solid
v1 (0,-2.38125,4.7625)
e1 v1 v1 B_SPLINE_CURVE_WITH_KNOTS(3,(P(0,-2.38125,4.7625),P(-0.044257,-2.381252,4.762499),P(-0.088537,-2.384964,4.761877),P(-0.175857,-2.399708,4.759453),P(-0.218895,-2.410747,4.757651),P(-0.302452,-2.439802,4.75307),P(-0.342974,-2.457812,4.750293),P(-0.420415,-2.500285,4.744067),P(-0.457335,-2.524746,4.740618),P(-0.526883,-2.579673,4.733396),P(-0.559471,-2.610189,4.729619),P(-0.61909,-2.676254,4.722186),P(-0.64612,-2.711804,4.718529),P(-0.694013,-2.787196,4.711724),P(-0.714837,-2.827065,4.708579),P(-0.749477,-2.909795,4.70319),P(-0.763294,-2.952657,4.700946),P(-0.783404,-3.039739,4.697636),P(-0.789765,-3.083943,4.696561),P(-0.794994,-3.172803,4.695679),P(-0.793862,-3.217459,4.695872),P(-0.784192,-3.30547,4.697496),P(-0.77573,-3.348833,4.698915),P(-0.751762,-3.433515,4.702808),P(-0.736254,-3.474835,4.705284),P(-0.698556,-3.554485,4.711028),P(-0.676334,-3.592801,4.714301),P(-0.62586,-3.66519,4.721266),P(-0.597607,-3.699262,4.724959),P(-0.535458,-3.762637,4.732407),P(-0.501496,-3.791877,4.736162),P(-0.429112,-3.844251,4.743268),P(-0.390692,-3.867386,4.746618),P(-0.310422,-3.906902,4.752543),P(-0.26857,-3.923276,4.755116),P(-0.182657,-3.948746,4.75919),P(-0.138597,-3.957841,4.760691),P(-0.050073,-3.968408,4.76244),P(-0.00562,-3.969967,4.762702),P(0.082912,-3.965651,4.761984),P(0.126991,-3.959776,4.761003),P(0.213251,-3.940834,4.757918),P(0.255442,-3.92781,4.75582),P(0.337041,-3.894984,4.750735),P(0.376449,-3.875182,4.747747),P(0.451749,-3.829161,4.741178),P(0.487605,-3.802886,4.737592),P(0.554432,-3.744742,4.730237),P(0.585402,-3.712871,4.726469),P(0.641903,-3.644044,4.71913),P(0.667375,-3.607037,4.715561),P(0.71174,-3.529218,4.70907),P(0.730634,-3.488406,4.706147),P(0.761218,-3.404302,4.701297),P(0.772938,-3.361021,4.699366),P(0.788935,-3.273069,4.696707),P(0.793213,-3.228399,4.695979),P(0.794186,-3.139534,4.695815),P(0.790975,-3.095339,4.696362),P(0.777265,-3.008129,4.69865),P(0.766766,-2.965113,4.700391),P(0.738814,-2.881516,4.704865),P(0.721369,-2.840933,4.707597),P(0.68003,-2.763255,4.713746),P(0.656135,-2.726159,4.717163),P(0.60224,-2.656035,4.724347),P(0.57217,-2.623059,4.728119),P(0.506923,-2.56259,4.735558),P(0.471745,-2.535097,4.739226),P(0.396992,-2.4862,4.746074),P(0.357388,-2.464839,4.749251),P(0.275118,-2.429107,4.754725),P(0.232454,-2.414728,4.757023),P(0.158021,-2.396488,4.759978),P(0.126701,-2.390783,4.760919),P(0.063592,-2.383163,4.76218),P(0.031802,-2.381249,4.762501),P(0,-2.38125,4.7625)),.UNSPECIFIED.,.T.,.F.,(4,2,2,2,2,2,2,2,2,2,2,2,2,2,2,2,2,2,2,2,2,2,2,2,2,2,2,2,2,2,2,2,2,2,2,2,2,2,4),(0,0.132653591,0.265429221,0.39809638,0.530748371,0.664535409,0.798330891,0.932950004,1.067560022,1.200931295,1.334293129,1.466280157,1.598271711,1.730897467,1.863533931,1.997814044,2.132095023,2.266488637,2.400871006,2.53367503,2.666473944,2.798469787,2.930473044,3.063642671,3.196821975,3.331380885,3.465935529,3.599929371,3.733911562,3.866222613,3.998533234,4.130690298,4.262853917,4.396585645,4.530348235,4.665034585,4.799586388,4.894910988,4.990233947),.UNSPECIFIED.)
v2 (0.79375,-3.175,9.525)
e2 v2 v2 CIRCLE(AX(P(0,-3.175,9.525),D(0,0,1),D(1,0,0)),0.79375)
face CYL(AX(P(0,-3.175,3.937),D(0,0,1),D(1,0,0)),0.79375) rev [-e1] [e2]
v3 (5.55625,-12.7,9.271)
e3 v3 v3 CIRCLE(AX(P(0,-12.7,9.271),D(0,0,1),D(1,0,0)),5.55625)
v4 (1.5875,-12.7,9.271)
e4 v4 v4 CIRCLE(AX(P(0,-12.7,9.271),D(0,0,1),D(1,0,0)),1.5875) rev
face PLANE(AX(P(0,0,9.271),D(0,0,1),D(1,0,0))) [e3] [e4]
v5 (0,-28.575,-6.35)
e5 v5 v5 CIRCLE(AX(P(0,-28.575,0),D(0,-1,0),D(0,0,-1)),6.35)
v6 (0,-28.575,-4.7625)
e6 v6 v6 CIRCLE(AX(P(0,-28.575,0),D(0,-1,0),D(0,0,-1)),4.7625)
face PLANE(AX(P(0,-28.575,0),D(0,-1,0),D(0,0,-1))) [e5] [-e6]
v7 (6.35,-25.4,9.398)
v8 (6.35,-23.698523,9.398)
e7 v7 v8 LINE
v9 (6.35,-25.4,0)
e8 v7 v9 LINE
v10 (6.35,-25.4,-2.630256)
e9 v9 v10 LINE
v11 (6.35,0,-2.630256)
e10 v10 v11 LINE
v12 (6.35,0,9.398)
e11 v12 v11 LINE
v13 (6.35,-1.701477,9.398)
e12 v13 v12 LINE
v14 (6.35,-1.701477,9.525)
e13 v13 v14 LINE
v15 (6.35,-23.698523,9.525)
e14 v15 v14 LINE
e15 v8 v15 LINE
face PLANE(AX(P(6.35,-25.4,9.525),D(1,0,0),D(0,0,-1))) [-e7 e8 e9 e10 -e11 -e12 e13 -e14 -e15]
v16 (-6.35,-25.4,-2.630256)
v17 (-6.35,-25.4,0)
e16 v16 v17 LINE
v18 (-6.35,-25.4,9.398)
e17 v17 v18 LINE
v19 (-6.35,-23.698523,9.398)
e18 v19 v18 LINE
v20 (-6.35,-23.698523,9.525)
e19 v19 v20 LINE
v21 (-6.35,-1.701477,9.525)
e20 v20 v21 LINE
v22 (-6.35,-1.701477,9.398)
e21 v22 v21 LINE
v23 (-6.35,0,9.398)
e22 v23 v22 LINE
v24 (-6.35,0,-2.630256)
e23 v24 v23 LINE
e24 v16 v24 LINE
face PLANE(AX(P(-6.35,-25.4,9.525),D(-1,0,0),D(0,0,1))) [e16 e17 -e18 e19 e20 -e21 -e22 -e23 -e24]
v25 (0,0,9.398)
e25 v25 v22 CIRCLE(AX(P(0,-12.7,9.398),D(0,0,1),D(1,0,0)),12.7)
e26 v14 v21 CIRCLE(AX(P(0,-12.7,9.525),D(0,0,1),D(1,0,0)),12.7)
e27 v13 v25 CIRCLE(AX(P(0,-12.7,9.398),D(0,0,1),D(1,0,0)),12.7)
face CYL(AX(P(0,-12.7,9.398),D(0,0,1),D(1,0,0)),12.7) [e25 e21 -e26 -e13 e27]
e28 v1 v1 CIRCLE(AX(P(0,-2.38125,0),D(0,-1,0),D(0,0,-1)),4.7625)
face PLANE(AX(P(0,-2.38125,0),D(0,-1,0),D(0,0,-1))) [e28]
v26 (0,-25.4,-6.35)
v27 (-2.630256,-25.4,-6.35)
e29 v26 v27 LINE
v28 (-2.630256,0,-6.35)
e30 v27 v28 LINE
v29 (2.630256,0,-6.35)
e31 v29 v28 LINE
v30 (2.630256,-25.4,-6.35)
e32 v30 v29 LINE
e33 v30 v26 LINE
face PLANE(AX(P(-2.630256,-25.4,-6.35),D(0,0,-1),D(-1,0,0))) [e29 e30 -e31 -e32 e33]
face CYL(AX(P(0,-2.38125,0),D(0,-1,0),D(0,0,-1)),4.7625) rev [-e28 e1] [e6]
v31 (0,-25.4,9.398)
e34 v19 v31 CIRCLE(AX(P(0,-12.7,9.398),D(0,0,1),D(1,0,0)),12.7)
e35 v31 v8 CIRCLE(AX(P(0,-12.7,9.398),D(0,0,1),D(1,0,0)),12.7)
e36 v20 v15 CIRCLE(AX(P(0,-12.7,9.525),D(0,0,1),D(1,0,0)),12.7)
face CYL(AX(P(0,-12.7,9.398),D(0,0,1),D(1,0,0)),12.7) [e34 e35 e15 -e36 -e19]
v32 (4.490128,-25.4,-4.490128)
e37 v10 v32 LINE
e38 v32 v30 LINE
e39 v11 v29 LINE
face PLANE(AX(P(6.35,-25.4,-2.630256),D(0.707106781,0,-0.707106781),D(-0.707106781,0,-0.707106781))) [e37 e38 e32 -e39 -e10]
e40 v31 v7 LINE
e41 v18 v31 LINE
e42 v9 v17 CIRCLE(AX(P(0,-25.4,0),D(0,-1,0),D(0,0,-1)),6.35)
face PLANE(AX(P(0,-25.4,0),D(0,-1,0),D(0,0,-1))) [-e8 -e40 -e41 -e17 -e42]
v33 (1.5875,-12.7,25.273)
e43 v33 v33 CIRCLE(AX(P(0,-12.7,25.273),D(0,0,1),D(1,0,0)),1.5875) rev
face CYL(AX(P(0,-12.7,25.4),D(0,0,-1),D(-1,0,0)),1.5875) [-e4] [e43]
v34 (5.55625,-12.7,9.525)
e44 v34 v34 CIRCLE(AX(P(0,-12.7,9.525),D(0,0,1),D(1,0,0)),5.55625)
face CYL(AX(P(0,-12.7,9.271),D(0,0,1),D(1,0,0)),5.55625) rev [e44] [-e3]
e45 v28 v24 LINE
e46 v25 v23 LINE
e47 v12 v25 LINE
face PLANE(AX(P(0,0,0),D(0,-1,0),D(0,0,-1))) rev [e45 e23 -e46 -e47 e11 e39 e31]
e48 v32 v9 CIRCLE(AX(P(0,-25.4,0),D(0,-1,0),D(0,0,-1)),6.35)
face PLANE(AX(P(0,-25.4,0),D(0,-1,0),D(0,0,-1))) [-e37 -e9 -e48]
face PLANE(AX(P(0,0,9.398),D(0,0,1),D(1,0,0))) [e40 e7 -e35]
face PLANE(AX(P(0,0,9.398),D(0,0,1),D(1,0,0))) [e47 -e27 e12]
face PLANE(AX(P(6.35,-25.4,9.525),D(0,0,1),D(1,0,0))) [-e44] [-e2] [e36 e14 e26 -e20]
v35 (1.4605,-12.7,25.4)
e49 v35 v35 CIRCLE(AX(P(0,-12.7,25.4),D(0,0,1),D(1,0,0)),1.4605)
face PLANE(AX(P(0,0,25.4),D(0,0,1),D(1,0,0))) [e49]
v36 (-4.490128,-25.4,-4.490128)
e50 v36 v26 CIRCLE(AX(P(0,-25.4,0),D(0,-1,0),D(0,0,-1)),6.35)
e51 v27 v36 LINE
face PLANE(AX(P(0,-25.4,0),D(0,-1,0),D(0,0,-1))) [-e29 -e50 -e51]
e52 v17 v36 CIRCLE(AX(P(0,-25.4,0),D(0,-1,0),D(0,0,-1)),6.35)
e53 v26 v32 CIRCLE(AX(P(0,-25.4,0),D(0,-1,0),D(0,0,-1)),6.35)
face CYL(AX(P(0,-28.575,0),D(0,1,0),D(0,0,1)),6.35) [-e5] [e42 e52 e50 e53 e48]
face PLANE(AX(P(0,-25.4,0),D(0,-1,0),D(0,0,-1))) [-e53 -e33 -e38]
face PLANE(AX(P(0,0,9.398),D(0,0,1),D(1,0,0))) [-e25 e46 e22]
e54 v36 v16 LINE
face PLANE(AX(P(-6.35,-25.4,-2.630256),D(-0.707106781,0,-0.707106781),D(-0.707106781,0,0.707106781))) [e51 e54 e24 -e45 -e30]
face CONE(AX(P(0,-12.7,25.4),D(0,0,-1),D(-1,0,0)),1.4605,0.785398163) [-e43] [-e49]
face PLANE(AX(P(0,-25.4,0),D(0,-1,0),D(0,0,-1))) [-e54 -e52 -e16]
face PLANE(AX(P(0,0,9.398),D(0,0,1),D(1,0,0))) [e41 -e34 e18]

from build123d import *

# Parameters (mm, degrees)
BOSS_EXTRUDE2_DEPTH = 25.4
SKETCH2_R           = 6.35
BOSS_EXTRUDE3_DEPTH = 3.175
SKETCH3_R           = 4.7625
CUT_EXTRUDE1_DEPTH  = 26.19375
SKETCH4_R           = 1.5875
BOSS_EXTRUDE4_DEPTH = 15.875
CUT_EXTRUDE2_START  = -0.254
SKETCH5_R           = 5.55625
SKETCH5_R_2         = 1.5875
CUT_EXTRUDE2_DEPTH  = 0.254
CUT_EXTRUDE4_DEPTH  = 0.127
SKETCH4_4_R         = 0.79375
CUT_EXTRUDE6_DEPTH  = 5.588
CHAMFER1_SIZE       = 0.127


with BuildPart() as part:
    # Sketch1 → Boss-Extrude2 (new body)
    with BuildSketch(Plane(origin=(0, 0, 0), x_dir=(1, 0, 0), z_dir=(0, 1, 0))):
        Polygon((6.35, -9.525), (-6.35, -9.525), (-6.35, 2.630256121), (-2.630256121, 6.35), (2.630256121, 6.35), (6.35, 2.630256121), align=None)
    extrude(amount=-BOSS_EXTRUDE2_DEPTH)

    # Sketch2 → Boss-Extrude3 (add)
    with BuildSketch(Plane.XZ.offset(25.4)):
        with Locations(Location((0, 0, 0), (0, 0, 270))):
            Circle(SKETCH2_R)
    extrude(amount=BOSS_EXTRUDE3_DEPTH)

    # Sketch3 → Cut-Extrude1 (cut)
    with BuildSketch(Plane.XZ.offset(28.575)):
        with Locations(Location((0, 0, 0), (0, 0, 270))):
            Circle(SKETCH3_R)
    extrude(amount=-CUT_EXTRUDE1_DEPTH, mode=Mode.SUBTRACT)

    # Sketch4 → Boss-Extrude4 (add)
    with BuildSketch(Plane.XY.offset(9.525)):
        with Locations((0, -12.7)):
            Circle(SKETCH4_R)
    extrude(amount=BOSS_EXTRUDE4_DEPTH)

    # Sketch5 → Cut-Extrude2 (cut)
    with BuildSketch(Plane.XY.offset(9.525).offset(CUT_EXTRUDE2_START)):
        with Locations((0, -12.7)):
            Circle(SKETCH5_R)
        with Locations((0, -12.7)):
            Circle(SKETCH5_R_2, mode=Mode.SUBTRACT)
    extrude(amount=CUT_EXTRUDE2_DEPTH, mode=Mode.SUBTRACT)

    # Sketch5<4> → Cut-Extrude4 (cut)
    with BuildSketch(Plane.XY.offset(9.525)):
        with BuildLine():
            ThreePointArc((0, 0), (3.287001873, -0.432742006), (6.35, -1.701477372))
            Line((6.35, -1.701477372), (6.35, 0))
            Line((6.35, 0), (0, 0))
        make_face()
        with BuildLine():
            ThreePointArc((-6.35, -1.701477372), (-3.287001873, -0.432742006), (0, 0))
            Line((0, 0), (-6.35, 0))
            Line((-6.35, 0), (-6.35, -1.701477372))
        make_face()
        with BuildLine():
            Line((-6.35, -25.4), (0, -25.4))
            ThreePointArc((0, -25.4), (-3.287001873, -24.967257994), (-6.35, -23.698522628))
            Line((-6.35, -23.698522628), (-6.35, -25.4))
        make_face()
        with BuildLine():
            Line((6.35, -25.4), (6.35, -23.698522628))
            ThreePointArc((6.35, -23.698522628), (3.287001873, -24.967257994), (0, -25.4))
            Line((0, -25.4), (6.35, -25.4))
        make_face()
    extrude(amount=-CUT_EXTRUDE4_DEPTH, mode=Mode.SUBTRACT)

    # Sketch4<4> → Cut-Extrude6 (cut)
    with BuildSketch(Plane.XY.offset(9.525)):
        with Locations((0, -3.175)):
            Circle(SKETCH4_4_R)
    extrude(amount=-CUT_EXTRUDE6_DEPTH, mode=Mode.SUBTRACT)

    # Chamfer1
    chamfer1_edges = [part.edges().sort_by_distance(p)[0] for p in [
        (-1.5875, -12.7, 25.4),
    ]]
    chamfer(chamfer1_edges, length=CHAMFER1_SIZE)


solid = part.part
